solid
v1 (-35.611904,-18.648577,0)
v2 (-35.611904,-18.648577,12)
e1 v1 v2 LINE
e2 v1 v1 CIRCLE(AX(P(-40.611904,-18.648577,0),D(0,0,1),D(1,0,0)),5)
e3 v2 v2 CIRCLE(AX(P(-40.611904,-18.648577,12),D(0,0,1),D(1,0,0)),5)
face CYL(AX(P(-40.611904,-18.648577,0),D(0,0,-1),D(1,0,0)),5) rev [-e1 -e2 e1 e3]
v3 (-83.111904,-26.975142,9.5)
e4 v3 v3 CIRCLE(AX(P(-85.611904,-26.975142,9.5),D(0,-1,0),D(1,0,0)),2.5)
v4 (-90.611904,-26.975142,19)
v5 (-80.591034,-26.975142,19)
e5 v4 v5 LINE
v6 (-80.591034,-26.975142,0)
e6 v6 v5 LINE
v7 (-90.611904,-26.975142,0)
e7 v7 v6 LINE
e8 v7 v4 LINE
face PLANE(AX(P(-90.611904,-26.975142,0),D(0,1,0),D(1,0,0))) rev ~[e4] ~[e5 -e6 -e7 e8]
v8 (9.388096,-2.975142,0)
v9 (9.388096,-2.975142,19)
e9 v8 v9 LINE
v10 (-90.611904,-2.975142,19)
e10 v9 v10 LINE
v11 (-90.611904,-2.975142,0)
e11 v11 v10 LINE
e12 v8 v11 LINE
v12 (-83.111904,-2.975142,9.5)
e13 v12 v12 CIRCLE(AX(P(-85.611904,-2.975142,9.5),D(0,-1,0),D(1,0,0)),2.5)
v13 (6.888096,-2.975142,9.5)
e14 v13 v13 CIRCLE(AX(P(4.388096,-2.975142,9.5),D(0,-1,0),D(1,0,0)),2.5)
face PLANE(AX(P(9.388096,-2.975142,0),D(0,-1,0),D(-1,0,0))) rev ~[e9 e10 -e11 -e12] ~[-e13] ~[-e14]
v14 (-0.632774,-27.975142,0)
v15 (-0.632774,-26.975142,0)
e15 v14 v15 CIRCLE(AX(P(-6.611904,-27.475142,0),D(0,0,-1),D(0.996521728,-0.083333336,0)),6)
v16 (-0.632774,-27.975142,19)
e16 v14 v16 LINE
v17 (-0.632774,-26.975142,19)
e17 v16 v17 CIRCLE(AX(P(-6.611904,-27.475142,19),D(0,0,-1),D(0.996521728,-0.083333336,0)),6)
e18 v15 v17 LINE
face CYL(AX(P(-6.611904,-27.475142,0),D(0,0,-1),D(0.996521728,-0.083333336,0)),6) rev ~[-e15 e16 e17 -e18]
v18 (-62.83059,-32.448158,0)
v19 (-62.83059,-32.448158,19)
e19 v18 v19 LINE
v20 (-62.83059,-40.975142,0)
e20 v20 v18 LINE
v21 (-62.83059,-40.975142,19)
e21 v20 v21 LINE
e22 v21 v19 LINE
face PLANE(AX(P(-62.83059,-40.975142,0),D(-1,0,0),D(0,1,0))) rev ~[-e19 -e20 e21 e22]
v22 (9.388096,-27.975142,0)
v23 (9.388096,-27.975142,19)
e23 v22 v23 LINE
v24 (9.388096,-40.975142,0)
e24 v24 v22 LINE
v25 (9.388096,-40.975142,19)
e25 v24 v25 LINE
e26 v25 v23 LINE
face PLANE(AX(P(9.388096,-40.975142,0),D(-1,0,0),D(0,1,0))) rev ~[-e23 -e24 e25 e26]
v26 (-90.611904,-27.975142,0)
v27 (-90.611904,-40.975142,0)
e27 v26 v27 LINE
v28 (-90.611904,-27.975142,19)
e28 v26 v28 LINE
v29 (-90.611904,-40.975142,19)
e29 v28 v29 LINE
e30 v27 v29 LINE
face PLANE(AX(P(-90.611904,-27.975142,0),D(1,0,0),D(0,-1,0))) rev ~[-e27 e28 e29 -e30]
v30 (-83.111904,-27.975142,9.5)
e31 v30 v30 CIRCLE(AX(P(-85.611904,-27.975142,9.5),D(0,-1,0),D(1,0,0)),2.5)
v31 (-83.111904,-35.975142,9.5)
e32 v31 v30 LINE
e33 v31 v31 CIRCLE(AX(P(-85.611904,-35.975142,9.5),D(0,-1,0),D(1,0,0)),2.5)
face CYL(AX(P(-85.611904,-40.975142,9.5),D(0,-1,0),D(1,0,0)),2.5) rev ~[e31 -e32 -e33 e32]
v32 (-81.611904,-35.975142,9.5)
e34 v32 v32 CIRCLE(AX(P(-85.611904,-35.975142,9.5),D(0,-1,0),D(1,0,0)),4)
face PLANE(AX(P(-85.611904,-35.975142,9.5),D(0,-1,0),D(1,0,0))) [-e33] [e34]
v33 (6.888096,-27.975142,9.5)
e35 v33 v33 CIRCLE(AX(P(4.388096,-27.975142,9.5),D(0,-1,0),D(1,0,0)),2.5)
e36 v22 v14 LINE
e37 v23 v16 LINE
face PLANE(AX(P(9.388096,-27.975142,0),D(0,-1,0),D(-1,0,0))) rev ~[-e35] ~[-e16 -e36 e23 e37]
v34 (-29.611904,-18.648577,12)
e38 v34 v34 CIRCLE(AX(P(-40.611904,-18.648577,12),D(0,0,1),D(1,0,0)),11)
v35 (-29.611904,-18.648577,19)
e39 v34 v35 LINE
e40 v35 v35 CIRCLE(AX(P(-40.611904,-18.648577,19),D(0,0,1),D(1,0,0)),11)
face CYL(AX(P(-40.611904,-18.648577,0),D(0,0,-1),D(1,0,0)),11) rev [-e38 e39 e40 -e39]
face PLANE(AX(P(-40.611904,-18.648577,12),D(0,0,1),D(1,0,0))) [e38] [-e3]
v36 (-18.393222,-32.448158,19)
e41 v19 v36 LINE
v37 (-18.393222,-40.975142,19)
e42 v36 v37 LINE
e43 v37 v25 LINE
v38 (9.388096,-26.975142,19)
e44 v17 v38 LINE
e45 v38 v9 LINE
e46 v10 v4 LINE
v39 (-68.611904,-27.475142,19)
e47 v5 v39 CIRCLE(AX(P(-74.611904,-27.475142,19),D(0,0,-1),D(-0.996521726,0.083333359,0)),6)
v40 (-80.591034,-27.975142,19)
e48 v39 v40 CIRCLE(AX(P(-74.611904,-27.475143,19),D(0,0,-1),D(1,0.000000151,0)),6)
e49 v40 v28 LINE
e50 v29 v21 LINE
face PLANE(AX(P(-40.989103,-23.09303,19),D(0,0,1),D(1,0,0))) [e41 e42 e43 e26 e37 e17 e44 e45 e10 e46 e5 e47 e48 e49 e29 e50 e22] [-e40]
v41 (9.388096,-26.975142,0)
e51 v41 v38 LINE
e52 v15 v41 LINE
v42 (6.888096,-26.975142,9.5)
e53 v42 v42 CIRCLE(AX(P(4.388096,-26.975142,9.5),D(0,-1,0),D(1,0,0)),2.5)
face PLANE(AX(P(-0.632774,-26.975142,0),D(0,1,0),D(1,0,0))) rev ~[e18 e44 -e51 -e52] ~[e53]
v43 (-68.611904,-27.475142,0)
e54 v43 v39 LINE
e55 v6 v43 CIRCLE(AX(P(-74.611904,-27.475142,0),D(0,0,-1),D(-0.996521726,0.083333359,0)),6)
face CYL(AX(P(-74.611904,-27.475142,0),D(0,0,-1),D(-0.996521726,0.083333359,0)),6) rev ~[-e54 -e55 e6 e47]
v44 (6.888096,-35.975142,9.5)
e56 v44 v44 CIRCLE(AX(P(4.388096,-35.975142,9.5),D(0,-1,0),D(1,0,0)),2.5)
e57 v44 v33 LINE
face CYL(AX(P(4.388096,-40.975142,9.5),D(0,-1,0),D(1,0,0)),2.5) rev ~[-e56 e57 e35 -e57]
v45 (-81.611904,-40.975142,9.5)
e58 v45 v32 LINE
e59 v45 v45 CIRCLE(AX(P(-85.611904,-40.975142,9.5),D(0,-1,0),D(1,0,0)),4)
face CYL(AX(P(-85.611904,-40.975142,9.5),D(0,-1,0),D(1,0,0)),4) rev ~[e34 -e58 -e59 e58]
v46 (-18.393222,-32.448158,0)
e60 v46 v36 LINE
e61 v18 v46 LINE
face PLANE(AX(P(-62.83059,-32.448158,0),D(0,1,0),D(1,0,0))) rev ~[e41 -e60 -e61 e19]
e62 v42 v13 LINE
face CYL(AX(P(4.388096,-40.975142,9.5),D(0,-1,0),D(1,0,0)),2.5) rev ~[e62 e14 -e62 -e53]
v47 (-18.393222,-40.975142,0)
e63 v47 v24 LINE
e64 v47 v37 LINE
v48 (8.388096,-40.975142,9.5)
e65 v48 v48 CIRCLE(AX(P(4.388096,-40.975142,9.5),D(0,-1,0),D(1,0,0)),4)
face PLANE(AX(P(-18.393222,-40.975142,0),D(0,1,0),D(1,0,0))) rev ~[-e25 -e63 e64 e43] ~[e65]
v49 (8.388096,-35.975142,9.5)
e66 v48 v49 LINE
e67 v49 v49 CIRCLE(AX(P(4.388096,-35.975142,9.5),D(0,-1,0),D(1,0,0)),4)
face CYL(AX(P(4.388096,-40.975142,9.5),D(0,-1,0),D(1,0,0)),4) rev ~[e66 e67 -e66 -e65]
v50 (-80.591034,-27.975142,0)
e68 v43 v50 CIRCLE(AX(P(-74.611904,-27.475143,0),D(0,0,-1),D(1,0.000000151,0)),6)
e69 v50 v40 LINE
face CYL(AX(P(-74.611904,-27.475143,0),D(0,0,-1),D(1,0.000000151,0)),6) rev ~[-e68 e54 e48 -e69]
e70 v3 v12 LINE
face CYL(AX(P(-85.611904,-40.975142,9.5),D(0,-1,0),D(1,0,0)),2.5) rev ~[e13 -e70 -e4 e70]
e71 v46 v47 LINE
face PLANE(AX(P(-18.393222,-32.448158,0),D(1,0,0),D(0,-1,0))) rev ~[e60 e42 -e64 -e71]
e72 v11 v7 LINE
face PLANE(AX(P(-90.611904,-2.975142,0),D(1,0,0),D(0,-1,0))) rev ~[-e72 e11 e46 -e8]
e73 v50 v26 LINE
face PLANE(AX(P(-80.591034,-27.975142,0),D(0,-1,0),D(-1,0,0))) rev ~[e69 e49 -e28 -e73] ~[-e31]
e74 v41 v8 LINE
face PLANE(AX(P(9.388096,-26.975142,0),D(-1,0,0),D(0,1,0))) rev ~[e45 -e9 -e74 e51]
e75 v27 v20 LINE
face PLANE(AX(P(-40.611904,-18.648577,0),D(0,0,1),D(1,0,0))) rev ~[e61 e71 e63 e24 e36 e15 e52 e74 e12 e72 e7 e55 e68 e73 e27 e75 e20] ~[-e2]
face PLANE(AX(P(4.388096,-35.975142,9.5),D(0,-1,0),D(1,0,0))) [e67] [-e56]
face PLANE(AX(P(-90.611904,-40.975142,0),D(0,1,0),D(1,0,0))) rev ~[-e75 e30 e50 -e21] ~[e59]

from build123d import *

# Parameters (mm, degrees)
F0_R     = 11
F1_DEPTH = 19
F0_R_2   = 5
F2_DEPTH = 12
F3_R     = 2.5
F4_DEPTH = 38.001
F3_R_2   = 4
F5_DEPTH = 5


with BuildPart() as f1:
    # F0 (on Top) → F1 (new body)
    with BuildSketch(Plane.XY):
        with BuildLine():
            Line((9.388096, -2.975142), (-90.611904, -2.975142))
            Line((-90.611904, -2.975142), (-90.611904, -26.975142))
            Line((-90.611904, -26.975142), (-80.591034, -26.975142))
            ThreePointArc((-80.591034, -26.975142), (-74.361686, -21.480362), (-68.611904, -27.475142))
            ThreePointArc((-68.611904, -27.475142), (-74.361686, -33.469923), (-80.591034, -27.975142))
            Line((-80.591034, -27.975142), (-90.611904, -27.975142))
            Line((-90.611904, -27.975142), (-90.611904, -40.975142))
            Line((-90.611904, -40.975142), (-62.83059, -40.975142))
            Line((-62.83059, -40.975142), (-62.83059, -32.448158))
            Line((-62.83059, -32.448158), (-18.393222, -32.448158))
            Line((-18.393222, -32.448158), (-18.393222, -40.975142))
            Line((-18.393222, -40.975142), (9.388096, -40.975142))
            Line((9.388096, -40.975142), (9.388096, -27.975142))
            Line((9.388096, -27.975142), (-0.632774, -27.975142))
            ThreePointArc((-0.632774, -27.975142), (-12.611904, -27.475142), (-0.632774, -26.975142))
            Line((-0.632774, -26.975142), (9.388096, -26.975142))
            Line((9.388096, -26.975142), (9.388096, -2.975142))
        make_face()
        with Locations((-40.611904, -18.648577)):
            Circle(F0_R, mode=Mode.SUBTRACT)
    extrude(amount=F1_DEPTH)

    # F0 (on Top) → F2 (join)
    with BuildSketch(Plane.XY):
        with Locations((-40.611904, -18.648577)):
            Circle(F0_R)
        with Locations((-40.611904, -18.648577)):
            Circle(F0_R_2, mode=Mode.SUBTRACT)
    extrude(amount=F2_DEPTH)

    # F3 (on face) → F4 (cut, through all)
    with BuildSketch(Plane.XZ.offset(40.975142)):
        with Locations((-85.611904, 9.5)):
            Circle(F3_R)
        with Locations((4.388096, 9.5)):
            Circle(F3_R)
    extrude(amount=-F4_DEPTH, mode=Mode.SUBTRACT)

    # F3 (on face) → F5 (cut)
    with BuildSketch(Plane.XZ.offset(40.975142)):
        with Locations((-85.611904, 9.5)):
            Circle(F3_R_2)
        with Locations((-85.611904, 9.5)):
            Circle(F3_R, mode=Mode.SUBTRACT)
        with Locations((4.388096, 9.5)):
            Circle(F3_R_2)
        with Locations((4.388096, 9.5)):
            Circle(F3_R, mode=Mode.SUBTRACT)
    extrude(amount=-F5_DEPTH, mode=Mode.SUBTRACT)


solid = f1.part
